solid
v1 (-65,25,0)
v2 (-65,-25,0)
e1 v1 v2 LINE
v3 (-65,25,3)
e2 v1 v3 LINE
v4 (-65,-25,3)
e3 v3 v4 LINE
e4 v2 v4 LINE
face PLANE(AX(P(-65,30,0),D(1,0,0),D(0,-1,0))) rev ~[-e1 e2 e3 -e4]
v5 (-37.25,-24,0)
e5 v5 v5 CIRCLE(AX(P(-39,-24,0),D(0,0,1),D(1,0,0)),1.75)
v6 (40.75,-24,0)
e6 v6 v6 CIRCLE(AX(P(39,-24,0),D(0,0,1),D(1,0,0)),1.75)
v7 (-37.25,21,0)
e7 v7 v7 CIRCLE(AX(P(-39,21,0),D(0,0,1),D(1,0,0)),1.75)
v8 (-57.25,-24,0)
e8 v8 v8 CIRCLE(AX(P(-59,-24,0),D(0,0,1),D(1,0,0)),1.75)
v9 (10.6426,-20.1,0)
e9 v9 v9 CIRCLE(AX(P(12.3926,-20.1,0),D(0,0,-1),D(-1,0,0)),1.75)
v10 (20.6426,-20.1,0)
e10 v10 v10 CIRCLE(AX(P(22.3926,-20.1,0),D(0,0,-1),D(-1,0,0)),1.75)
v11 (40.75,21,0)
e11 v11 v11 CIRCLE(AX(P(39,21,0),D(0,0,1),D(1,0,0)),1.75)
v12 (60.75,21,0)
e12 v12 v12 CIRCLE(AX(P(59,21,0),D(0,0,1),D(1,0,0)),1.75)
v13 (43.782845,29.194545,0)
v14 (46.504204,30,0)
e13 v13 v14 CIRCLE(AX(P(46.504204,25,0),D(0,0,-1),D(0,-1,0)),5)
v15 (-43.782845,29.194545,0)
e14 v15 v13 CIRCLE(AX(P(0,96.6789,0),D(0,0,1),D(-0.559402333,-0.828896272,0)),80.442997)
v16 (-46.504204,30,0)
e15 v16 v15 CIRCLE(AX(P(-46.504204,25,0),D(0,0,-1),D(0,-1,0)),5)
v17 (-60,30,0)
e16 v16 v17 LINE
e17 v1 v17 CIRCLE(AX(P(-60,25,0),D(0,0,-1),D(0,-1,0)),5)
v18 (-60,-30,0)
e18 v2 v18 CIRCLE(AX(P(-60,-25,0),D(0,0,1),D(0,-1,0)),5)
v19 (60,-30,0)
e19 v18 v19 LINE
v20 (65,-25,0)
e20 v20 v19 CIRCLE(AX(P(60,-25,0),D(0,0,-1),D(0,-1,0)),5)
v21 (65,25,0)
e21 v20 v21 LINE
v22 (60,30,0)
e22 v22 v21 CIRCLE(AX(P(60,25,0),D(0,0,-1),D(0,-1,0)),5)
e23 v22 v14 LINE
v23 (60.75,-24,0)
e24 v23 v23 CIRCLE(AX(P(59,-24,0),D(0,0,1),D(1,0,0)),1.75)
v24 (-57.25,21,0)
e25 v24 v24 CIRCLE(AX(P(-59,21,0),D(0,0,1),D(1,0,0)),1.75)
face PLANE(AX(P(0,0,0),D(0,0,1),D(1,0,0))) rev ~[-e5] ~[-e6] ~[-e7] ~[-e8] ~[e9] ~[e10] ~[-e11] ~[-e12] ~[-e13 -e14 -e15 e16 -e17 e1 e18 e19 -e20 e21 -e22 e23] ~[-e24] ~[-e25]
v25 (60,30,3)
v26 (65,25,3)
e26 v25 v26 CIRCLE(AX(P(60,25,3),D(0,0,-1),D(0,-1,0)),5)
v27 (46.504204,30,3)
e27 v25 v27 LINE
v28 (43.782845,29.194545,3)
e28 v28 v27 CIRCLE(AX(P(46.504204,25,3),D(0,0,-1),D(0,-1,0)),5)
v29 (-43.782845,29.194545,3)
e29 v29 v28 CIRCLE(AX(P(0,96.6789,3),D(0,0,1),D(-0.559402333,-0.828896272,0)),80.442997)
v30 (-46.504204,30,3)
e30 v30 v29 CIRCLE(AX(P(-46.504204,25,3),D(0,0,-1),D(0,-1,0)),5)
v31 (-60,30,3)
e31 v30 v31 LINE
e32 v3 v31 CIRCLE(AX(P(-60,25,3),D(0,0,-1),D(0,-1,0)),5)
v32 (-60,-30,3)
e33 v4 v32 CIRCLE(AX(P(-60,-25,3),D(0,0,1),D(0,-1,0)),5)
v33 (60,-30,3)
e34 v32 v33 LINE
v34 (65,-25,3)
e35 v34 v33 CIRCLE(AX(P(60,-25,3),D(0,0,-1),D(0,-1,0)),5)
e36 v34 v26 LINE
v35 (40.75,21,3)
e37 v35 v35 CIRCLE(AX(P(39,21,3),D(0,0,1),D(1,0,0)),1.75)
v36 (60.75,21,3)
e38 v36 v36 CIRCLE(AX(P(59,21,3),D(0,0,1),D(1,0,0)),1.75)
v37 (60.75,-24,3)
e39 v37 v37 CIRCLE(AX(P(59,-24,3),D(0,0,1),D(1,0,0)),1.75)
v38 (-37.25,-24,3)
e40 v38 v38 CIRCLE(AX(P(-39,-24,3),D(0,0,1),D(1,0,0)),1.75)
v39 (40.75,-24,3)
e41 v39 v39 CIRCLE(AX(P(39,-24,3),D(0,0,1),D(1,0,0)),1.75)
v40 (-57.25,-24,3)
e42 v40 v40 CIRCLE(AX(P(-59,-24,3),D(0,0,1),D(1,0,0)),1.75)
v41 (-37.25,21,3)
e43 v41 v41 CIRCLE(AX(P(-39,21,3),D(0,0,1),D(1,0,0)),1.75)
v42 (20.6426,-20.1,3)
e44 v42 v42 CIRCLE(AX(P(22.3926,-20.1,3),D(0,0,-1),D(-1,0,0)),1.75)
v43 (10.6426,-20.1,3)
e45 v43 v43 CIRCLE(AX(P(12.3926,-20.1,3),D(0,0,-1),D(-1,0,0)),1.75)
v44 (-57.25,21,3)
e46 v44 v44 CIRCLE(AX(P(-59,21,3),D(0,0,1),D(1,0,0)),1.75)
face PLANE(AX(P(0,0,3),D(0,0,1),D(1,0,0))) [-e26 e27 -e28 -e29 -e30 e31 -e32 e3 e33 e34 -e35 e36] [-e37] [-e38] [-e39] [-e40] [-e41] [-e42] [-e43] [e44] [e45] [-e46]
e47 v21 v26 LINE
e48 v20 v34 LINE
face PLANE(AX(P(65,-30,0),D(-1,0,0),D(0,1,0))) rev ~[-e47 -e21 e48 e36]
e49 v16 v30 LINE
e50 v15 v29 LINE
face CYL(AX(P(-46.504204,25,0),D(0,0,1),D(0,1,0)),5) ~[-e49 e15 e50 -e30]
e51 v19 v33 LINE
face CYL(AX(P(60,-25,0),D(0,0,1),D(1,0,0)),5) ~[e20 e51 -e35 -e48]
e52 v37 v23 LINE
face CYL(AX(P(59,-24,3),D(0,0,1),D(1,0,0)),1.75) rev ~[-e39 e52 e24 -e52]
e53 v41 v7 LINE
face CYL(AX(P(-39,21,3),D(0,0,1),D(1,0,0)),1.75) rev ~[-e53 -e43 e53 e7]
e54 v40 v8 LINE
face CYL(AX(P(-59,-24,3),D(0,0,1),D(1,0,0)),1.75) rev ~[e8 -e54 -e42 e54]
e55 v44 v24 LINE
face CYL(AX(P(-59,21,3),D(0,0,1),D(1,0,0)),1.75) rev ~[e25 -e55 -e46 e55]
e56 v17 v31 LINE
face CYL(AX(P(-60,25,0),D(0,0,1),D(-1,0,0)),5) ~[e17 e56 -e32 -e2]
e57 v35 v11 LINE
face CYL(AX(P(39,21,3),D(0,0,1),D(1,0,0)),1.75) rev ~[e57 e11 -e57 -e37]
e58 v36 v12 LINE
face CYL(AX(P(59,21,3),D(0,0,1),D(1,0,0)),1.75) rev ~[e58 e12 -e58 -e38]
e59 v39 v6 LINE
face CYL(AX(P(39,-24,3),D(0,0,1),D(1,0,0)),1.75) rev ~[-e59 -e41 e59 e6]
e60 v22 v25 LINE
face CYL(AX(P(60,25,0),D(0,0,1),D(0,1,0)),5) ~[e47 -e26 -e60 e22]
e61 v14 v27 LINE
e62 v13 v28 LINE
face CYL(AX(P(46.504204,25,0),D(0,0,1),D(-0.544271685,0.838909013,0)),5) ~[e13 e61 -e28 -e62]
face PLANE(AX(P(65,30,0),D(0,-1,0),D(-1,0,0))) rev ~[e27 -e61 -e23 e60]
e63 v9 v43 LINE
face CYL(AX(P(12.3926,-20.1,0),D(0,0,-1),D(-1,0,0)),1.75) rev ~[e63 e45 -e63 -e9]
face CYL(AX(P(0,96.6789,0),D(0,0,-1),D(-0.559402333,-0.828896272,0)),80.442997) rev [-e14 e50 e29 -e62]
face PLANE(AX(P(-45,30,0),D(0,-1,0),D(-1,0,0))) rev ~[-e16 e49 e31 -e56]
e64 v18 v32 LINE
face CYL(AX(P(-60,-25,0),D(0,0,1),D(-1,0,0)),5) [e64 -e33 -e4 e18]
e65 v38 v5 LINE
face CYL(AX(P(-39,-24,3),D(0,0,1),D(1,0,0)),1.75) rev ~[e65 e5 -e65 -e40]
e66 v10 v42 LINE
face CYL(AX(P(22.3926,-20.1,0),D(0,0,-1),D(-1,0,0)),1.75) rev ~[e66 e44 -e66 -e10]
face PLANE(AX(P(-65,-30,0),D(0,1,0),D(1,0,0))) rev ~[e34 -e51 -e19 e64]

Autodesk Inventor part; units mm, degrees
ref_plane "YZ Plane" through (0, 0, 0) normal (1, 0, 0) x (0, 1, 0)
ref_plane "XZ Plane" through (0, 0, 0) normal (0, 1, 0) x (-1, 0, 0)
ref_plane "XY Plane" through (0, 0, 0) normal (0, 0, 1) x (1, 0, 0)
sketch "Sketch1" plane through (0, 0, 0) normal (0, 0, 1) x (1, 0, 0)
  line L0 (-65, -30) -> (65, -30)
  line L1 (65, -30) -> (65, 30)
  line L2 (65, 30) -> (-65, 30)
  line L3 (-65, 30) -> (-65, -30)
  line L4 (-65, -30) -> (65, 30) construction
  line L5 (65, -30) -> (-65, 30) construction
  arc A0 (-45, 30) -> (45, 30) centre (0, 96.6789) ccw
  point P0 (0, 0)
  dimension "d0" = 130
  dimension "d1" = 60
  dimension "d5" = 20
  dimension "d6" = 20
extrude "Extrusion1" add sketch "Sketch1" along normal blind 3 contours L3 L2 A0 L1 L0
fillet "Fillet1" radius 5 6 edges at (65, 30, 1.5) (65, -30, 1.5) (-65, -30, 1.5) (-65, 30, 1.5) (45, 30, 1.5) (-45, 30, 1.5)
sketch "Sketch2" plane through (0, 0, 3) normal (0, 0, 1) x (1, 0, 0)
  circle A0 centre (59, -24) radius 1.75
  circle A1 centre (39, -24) radius 1.75
  line L0 (65, -25) -> (65, 25) projected
  line L1 (-60, -30) -> (60, -30) projected
  circle A2 centre (59, 21) radius 1.75
  circle A3 centre (39, 21) radius 1.75
  line L2 (0, -30) -> (0, -45.4947)
  circle A4 centre (-59, -24) radius 1.75
  circle A5 centre (-39, -24) radius 1.75
  line L3 (-65, -25) -> (-65, 25)
  circle A6 centre (-59, 21) radius 1.75
  circle A7 centre (-39, 21) radius 1.75
  point P0 (0, 0)
  dimension "d7" = 3.5
  dimension "d8" = 3.5
  dimension "d9" = 20
  dimension "d10" = 6
  dimension "d11" = 6
  dimension "d14" = 45
extrude "Extrusion2" cut sketch "Sketch2" against normal up to surface (3 mm away)
sketch "Sketch3" plane through (0, 0, 0) normal (0, 0, -1) x (-1, 0, 0)
  circle A0 centre (-12.3926, -20.1) radius 1.75 projected
  circle A1 centre (-22.3926, -20.1) radius 1.75 projected
  point P0 (0, 0)
extrude "Extrusion3" cut sketch "Sketch3" against normal up to surface (3 mm away)
equation "\"d6\" = d5"
properties part number "Base plate"
